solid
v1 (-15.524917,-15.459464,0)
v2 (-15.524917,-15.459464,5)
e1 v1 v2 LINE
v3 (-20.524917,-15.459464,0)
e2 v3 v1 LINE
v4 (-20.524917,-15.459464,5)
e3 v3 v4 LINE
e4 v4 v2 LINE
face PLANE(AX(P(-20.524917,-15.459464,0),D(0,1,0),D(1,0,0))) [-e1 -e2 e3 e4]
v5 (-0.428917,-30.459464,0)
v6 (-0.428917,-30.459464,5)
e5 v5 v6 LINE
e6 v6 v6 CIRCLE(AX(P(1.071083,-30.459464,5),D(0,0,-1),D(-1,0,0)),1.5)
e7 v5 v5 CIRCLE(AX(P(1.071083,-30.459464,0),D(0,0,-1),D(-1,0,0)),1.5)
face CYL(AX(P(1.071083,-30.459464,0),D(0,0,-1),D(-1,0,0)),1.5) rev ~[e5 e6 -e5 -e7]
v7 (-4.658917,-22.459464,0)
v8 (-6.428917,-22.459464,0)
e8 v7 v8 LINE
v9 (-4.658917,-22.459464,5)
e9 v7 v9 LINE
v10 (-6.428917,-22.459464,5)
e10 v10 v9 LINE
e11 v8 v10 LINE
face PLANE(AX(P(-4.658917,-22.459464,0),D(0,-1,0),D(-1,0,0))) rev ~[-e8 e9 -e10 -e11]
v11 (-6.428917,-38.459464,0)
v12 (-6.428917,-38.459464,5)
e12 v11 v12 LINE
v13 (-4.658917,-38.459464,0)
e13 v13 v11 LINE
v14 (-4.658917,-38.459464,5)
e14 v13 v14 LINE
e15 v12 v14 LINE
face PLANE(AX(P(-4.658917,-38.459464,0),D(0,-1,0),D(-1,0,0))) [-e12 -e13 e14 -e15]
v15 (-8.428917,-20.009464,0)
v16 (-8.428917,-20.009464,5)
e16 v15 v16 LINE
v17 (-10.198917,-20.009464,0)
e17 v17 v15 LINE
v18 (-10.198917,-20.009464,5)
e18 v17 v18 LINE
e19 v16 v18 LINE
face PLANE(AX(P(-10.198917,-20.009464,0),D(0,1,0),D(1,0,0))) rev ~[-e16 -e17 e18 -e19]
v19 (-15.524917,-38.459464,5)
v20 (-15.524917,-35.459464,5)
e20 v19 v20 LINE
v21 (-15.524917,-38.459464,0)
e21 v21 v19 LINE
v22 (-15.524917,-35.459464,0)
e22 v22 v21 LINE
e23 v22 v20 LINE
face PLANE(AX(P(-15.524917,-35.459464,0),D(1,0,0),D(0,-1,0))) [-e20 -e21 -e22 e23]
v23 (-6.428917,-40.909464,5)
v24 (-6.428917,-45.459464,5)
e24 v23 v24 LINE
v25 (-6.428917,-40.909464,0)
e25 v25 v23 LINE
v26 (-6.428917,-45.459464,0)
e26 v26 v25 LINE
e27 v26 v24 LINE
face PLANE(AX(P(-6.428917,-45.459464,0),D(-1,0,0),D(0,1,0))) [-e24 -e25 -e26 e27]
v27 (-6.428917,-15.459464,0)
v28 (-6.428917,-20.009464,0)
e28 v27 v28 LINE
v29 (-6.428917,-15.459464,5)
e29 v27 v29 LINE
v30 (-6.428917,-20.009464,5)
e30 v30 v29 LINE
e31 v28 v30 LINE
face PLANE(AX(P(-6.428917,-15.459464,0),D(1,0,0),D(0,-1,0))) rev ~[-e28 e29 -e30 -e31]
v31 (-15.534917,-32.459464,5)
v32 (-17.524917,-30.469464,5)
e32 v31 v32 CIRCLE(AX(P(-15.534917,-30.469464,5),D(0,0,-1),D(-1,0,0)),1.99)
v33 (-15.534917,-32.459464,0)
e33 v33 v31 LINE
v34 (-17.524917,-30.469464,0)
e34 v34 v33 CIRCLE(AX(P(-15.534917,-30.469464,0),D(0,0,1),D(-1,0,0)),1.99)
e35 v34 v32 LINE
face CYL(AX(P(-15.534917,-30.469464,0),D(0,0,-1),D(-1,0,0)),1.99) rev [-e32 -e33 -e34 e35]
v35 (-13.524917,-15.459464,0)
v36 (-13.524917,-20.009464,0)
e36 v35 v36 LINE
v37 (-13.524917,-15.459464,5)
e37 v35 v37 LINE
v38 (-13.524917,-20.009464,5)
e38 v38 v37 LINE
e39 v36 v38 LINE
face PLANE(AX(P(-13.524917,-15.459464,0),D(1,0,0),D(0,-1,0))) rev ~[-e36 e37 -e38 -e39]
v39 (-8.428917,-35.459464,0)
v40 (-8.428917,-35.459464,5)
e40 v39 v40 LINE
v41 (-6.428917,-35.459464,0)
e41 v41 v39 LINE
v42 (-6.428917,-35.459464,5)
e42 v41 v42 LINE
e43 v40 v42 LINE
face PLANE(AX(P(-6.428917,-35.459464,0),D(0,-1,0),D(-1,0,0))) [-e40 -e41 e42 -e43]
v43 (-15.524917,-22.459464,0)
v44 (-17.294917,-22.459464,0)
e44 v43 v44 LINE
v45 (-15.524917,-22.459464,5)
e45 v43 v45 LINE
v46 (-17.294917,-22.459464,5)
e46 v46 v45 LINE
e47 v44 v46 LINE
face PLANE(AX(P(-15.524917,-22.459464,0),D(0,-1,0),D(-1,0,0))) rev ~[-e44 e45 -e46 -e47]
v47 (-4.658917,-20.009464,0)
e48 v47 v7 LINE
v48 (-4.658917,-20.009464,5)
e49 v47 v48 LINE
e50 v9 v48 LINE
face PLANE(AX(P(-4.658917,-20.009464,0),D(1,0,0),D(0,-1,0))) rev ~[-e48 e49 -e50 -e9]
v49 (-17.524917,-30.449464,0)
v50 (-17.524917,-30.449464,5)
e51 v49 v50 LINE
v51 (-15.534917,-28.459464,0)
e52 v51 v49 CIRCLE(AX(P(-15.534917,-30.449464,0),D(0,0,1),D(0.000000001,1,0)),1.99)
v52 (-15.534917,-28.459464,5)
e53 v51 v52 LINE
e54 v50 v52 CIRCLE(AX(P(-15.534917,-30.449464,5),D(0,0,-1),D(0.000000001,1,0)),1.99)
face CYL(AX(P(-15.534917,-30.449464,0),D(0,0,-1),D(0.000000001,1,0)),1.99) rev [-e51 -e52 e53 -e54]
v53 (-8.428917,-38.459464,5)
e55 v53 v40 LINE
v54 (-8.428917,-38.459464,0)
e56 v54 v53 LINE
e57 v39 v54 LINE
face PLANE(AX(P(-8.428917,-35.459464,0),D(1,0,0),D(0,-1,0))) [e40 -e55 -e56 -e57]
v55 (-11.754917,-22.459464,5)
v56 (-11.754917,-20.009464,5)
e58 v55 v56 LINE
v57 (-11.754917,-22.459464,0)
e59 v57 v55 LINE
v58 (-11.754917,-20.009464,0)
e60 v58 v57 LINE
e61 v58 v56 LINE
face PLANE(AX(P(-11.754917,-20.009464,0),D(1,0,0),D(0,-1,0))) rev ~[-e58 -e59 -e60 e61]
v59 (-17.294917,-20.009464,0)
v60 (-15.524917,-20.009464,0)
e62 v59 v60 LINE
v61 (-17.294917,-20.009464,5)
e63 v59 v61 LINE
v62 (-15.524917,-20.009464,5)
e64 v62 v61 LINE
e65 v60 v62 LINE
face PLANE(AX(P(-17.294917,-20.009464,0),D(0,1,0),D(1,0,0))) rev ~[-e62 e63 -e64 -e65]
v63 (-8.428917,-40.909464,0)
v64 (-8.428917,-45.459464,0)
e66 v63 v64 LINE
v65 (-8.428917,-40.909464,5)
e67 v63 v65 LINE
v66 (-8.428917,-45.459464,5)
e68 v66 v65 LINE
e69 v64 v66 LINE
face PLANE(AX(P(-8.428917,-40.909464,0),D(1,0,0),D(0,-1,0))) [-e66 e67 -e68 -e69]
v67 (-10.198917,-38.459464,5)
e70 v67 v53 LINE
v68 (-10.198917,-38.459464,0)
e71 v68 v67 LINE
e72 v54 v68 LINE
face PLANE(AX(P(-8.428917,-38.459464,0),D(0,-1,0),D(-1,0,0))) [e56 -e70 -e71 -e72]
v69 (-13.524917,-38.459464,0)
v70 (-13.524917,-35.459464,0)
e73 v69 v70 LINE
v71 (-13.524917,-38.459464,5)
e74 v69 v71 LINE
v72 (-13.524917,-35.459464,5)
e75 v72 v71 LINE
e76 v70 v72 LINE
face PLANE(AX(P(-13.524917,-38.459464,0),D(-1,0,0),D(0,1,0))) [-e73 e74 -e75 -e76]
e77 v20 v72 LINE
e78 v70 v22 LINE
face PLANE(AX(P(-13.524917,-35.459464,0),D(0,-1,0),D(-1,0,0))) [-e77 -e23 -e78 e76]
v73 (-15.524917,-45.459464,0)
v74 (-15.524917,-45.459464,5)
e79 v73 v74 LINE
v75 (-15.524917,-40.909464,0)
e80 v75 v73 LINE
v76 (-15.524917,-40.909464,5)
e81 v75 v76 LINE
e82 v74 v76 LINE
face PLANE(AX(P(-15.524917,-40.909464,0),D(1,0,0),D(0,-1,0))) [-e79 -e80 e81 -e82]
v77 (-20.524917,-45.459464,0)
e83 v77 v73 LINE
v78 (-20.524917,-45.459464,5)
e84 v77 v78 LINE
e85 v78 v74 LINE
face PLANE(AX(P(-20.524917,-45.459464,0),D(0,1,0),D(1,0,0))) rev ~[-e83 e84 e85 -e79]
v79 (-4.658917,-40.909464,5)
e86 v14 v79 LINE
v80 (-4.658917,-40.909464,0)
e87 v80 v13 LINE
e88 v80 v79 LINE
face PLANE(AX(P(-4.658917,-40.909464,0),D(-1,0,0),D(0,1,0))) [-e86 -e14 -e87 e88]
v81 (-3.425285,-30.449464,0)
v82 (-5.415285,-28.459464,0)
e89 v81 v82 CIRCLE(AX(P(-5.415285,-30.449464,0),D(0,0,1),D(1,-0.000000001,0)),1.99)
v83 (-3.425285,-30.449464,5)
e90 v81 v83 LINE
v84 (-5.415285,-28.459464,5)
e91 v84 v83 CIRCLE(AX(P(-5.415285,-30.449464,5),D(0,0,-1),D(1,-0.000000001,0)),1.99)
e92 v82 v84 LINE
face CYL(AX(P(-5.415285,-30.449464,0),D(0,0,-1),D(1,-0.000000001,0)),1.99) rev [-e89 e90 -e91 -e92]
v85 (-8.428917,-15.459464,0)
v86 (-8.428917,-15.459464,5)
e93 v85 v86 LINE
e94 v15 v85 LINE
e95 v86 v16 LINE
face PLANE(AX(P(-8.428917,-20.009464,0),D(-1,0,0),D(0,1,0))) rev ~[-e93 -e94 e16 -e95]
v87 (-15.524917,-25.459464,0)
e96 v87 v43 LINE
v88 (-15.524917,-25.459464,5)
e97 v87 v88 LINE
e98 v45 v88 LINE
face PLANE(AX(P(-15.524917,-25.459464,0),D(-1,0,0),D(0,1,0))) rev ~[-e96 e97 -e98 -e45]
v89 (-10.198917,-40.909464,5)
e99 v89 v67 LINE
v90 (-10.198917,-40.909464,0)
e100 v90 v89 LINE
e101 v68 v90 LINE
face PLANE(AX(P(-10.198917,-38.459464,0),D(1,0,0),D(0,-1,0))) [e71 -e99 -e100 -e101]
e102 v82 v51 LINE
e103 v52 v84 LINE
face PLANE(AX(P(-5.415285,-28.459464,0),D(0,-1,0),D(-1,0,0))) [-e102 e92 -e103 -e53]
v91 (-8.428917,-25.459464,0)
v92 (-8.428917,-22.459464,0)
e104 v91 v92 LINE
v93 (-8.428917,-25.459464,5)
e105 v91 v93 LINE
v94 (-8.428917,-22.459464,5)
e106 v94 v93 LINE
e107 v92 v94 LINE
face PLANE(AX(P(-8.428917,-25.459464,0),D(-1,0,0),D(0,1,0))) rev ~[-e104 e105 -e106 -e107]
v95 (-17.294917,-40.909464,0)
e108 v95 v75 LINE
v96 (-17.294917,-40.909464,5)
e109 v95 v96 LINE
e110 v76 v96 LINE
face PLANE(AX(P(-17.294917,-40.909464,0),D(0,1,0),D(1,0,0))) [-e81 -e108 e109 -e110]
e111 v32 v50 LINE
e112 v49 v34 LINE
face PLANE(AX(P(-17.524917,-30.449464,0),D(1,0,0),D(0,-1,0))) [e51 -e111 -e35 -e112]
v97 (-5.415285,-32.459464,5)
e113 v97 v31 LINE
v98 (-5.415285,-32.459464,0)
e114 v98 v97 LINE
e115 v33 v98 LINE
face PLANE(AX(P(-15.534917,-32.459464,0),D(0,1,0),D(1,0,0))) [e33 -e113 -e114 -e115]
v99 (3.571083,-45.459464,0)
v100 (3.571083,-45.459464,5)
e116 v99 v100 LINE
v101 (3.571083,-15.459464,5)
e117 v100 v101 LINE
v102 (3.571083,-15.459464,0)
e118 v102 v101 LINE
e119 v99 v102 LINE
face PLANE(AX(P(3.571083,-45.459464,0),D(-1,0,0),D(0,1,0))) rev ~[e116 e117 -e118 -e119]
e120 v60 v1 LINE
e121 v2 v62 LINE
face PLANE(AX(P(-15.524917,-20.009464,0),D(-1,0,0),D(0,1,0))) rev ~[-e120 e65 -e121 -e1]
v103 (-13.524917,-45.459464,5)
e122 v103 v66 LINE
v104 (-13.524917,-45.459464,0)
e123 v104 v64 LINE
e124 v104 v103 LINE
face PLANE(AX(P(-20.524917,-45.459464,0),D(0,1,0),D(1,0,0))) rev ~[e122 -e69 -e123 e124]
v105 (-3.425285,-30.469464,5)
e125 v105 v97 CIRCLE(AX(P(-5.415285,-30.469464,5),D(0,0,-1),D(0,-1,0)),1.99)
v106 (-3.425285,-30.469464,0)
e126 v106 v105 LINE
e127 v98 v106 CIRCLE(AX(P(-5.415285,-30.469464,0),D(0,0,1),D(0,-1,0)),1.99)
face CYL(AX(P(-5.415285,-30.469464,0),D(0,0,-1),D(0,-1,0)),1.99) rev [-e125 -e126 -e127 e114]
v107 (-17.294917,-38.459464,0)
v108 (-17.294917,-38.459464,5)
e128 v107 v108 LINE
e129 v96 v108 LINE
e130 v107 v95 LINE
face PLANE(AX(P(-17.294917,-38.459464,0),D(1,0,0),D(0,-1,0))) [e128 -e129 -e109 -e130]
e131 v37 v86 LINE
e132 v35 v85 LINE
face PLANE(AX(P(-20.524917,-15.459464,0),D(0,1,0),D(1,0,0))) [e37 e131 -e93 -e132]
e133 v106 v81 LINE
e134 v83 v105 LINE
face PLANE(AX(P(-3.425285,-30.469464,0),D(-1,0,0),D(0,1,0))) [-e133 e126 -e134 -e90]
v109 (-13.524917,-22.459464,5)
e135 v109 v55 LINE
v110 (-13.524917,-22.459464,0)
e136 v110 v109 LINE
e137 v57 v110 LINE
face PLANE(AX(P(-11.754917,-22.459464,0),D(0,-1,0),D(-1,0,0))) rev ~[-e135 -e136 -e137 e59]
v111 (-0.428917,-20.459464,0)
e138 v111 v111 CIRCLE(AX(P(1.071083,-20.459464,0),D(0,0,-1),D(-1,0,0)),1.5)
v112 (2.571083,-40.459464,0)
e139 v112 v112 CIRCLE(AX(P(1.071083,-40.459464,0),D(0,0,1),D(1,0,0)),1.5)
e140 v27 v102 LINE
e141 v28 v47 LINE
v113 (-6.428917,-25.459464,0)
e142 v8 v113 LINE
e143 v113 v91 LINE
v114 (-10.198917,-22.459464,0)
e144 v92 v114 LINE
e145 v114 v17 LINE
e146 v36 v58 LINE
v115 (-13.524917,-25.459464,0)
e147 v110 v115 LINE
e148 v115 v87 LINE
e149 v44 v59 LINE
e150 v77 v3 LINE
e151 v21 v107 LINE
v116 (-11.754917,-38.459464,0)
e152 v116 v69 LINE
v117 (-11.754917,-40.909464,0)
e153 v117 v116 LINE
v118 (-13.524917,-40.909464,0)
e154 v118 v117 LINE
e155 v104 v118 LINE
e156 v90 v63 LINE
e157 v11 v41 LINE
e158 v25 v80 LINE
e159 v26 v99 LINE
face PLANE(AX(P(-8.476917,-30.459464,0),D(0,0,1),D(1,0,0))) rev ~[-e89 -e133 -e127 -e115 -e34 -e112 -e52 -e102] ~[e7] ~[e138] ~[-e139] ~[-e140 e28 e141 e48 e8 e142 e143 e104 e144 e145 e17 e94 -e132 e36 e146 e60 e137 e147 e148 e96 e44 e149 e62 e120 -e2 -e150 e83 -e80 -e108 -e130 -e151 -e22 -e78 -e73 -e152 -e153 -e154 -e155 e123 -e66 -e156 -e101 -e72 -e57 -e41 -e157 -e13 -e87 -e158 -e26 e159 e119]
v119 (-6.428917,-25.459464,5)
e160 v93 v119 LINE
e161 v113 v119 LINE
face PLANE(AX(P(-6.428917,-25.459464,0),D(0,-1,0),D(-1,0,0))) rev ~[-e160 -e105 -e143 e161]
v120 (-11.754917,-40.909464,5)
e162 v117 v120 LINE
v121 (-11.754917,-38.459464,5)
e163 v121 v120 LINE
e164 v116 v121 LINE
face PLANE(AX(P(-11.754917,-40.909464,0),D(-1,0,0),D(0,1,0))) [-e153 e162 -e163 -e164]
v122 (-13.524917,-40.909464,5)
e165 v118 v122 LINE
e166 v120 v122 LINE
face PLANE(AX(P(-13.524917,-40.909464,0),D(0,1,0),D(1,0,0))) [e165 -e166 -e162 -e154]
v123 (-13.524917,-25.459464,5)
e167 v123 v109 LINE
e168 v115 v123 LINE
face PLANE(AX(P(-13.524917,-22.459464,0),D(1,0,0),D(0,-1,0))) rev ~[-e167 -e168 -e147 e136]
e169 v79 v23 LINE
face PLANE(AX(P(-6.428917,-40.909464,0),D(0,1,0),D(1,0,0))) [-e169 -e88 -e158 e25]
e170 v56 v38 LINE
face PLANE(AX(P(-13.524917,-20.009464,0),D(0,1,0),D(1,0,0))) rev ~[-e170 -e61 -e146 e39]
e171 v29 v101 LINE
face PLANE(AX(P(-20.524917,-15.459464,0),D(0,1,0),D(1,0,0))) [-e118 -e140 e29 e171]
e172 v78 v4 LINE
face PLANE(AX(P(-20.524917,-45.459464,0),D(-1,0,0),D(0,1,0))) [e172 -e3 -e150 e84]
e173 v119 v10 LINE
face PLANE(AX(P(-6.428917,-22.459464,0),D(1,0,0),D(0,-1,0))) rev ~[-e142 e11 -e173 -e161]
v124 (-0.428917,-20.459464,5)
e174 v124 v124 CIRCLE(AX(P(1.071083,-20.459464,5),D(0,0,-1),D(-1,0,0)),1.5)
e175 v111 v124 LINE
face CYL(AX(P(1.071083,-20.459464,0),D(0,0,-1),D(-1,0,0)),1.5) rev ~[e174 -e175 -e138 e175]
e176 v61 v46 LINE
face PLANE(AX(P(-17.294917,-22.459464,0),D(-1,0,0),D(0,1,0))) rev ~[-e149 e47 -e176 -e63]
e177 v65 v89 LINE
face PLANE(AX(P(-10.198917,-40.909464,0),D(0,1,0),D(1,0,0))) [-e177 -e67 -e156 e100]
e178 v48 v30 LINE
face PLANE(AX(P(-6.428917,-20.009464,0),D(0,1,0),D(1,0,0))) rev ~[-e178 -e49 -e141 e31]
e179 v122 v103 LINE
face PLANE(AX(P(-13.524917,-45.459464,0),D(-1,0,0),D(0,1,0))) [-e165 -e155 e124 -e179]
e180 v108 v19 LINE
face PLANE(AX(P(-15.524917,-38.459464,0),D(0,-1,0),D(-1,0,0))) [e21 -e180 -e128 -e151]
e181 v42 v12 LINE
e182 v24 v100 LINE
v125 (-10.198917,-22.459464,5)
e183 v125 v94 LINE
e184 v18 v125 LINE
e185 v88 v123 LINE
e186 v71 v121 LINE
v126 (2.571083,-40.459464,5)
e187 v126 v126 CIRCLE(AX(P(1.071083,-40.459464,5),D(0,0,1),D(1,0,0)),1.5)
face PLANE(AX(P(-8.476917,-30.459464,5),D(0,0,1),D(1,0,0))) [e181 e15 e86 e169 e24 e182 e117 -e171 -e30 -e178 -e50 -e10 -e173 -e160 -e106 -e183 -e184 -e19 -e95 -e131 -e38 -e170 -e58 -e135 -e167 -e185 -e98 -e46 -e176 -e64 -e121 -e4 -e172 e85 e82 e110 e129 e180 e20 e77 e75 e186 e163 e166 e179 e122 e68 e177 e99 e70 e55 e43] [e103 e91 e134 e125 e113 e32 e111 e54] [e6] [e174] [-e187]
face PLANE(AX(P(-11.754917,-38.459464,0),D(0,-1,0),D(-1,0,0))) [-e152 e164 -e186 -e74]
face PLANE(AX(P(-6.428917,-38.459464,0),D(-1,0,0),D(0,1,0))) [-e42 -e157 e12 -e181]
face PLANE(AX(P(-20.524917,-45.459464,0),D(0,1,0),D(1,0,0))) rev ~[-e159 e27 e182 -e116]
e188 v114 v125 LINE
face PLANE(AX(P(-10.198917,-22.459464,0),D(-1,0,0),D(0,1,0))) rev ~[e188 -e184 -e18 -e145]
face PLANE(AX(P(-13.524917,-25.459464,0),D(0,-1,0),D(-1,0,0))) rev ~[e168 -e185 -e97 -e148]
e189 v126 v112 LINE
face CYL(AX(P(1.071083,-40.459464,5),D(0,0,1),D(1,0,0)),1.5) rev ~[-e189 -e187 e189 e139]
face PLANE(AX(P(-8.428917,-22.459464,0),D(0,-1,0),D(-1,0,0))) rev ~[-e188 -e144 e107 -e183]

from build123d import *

# Parameters (mm, degrees)
ESBO_O1_W                = 24.096
ESBO_O1_H                = 30
RESSALTO_EXTRUS_O1_DEPTH = 5
ESBO_O2_R                = 1.5
CORTE_EXTRUS_O1_DEPTH    = 10
CORTE_EXTRUS_O2_DEPTH    = 6
CORTE_EXTRUS_O3_DEPTH    = 10
ESBO_O5_R                = 1.5
CORTE_EXTRUS_O4_DEPTH    = 6


with BuildPart() as part:
    # Esboço1 → Ressalto-extrusão1 (new body)
    with BuildSketch(Plane.XY):
        with Locations((-8.476916648, -30.459463918)):
            Rectangle(ESBO_O1_W, ESBO_O1_H)
    extrude(amount=RESSALTO_EXTRUS_O1_DEPTH)

    # Esboço2 → Corte-extrusão1 (cut)
    with BuildSketch(Plane(origin=(0, 0, 0), x_dir=(-1, 0, 0), z_dir=(0, 0, -1))):
        with Locations((-1.071083352, -30.459463918)):
            Circle(ESBO_O2_R)
        with Locations((-1.071083352, -20.459463918)):
            Circle(ESBO_O2_R)
    extrude(amount=-CORTE_EXTRUS_O1_DEPTH, mode=Mode.SUBTRACT)

    # Esboço3 → Corte-extrusão2 (cut, through all)
    with BuildSketch(Plane(origin=(0, 0, 0), x_dir=(-1, 0, 0), z_dir=(0, 0, -1))):
        Polygon((15.524916648, -15.459463918), (13.524916648, -15.459463918), (13.524916648, -20.009463918), (11.754916648, -20.009463918), (11.754916648, -22.459463918), (13.524916648, -22.459463918), (13.524916648, -25.459463918), (15.524916648, -25.459463918), (15.524916648, -22.459463918), (17.294916648, -22.459463918), (17.294916648, -20.009463918), (15.524916648, -20.009463918), align=None)
        Polygon((8.428916648, -15.459463918), (6.428916648, -15.459463918), (6.428916648, -20.009463918), (4.658916648, -20.009463918), (4.658916648, -22.459463918), (6.428916648, -22.459463918), (6.428916648, -25.459463918), (8.428916648, -25.459463918), (8.428916648, -22.459463918), (10.198916648, -22.459463918), (10.198916648, -20.009463918), (8.428916648, -20.009463918), align=None)
        Polygon((6.428916648, -40.909463918), (4.658916648, -40.909463918), (4.658916648, -38.459463918), (6.428916648, -38.459463918), (6.428916648, -35.459463918), (8.428916648, -35.459463918), (8.428916648, -38.459463918), (10.198916648, -38.459463918), (10.198916648, -40.909463918), (8.428916648, -40.909463918), (8.428916648, -45.459463918), (6.428916648, -45.459463918), align=None)
        Polygon((13.524916648, -40.909463918), (11.754916648, -40.909463918), (11.754916648, -38.459463918), (13.524916648, -38.459463918), (13.524916648, -35.459463918), (15.524916648, -35.459463918), (15.524916648, -38.459463918), (17.294916648, -38.459463918), (17.294916648, -40.909463918), (15.524916648, -40.909463918), (15.524916648, -45.459463918), (13.524916648, -45.459463918), align=None)
    extrude(amount=-CORTE_EXTRUS_O2_DEPTH, mode=Mode.SUBTRACT)

    # Esboço4 → Corte-extrusão3 (cut)
    with BuildSketch(Plane(origin=(0, 0, 0), x_dir=(-1, 0, 0), z_dir=(0, 0, -1))):
        with BuildLine():
            Line((15.534916648, -32.459463918), (5.415284958, -32.459463918))
            ThreePointArc((5.415284958, -32.459463918), (4.008142463, -31.876606412), (3.425284958, -30.469463918))
            Line((3.425284958, -30.469463918), (3.425284958, -30.449463918))
            ThreePointArc((3.425284958, -30.449463918), (4.008142463, -29.042321423), (5.415284958, -28.459463918))
            Line((5.415284958, -28.459463918), (15.534916648, -28.459463918))
            ThreePointArc((15.534916648, -28.459463918), (16.942059143, -29.042321423), (17.524916648, -30.449463918))
            Line((17.524916648, -30.449463918), (17.524916648, -30.469463918))
            ThreePointArc((17.524916648, -30.469463918), (16.942059143, -31.876606412), (15.534916648, -32.459463918))
        make_face()
    extrude(amount=-CORTE_EXTRUS_O3_DEPTH, mode=Mode.SUBTRACT)

    # Esboço5 → Corte-extrusão4 (cut, through all)
    with BuildSketch(Plane.XY.offset(5)):
        with Locations((1.071083352, -40.459463918)):
            Circle(ESBO_O5_R)
    extrude(amount=-CORTE_EXTRUS_O4_DEPTH, mode=Mode.SUBTRACT)


solid = part.part
